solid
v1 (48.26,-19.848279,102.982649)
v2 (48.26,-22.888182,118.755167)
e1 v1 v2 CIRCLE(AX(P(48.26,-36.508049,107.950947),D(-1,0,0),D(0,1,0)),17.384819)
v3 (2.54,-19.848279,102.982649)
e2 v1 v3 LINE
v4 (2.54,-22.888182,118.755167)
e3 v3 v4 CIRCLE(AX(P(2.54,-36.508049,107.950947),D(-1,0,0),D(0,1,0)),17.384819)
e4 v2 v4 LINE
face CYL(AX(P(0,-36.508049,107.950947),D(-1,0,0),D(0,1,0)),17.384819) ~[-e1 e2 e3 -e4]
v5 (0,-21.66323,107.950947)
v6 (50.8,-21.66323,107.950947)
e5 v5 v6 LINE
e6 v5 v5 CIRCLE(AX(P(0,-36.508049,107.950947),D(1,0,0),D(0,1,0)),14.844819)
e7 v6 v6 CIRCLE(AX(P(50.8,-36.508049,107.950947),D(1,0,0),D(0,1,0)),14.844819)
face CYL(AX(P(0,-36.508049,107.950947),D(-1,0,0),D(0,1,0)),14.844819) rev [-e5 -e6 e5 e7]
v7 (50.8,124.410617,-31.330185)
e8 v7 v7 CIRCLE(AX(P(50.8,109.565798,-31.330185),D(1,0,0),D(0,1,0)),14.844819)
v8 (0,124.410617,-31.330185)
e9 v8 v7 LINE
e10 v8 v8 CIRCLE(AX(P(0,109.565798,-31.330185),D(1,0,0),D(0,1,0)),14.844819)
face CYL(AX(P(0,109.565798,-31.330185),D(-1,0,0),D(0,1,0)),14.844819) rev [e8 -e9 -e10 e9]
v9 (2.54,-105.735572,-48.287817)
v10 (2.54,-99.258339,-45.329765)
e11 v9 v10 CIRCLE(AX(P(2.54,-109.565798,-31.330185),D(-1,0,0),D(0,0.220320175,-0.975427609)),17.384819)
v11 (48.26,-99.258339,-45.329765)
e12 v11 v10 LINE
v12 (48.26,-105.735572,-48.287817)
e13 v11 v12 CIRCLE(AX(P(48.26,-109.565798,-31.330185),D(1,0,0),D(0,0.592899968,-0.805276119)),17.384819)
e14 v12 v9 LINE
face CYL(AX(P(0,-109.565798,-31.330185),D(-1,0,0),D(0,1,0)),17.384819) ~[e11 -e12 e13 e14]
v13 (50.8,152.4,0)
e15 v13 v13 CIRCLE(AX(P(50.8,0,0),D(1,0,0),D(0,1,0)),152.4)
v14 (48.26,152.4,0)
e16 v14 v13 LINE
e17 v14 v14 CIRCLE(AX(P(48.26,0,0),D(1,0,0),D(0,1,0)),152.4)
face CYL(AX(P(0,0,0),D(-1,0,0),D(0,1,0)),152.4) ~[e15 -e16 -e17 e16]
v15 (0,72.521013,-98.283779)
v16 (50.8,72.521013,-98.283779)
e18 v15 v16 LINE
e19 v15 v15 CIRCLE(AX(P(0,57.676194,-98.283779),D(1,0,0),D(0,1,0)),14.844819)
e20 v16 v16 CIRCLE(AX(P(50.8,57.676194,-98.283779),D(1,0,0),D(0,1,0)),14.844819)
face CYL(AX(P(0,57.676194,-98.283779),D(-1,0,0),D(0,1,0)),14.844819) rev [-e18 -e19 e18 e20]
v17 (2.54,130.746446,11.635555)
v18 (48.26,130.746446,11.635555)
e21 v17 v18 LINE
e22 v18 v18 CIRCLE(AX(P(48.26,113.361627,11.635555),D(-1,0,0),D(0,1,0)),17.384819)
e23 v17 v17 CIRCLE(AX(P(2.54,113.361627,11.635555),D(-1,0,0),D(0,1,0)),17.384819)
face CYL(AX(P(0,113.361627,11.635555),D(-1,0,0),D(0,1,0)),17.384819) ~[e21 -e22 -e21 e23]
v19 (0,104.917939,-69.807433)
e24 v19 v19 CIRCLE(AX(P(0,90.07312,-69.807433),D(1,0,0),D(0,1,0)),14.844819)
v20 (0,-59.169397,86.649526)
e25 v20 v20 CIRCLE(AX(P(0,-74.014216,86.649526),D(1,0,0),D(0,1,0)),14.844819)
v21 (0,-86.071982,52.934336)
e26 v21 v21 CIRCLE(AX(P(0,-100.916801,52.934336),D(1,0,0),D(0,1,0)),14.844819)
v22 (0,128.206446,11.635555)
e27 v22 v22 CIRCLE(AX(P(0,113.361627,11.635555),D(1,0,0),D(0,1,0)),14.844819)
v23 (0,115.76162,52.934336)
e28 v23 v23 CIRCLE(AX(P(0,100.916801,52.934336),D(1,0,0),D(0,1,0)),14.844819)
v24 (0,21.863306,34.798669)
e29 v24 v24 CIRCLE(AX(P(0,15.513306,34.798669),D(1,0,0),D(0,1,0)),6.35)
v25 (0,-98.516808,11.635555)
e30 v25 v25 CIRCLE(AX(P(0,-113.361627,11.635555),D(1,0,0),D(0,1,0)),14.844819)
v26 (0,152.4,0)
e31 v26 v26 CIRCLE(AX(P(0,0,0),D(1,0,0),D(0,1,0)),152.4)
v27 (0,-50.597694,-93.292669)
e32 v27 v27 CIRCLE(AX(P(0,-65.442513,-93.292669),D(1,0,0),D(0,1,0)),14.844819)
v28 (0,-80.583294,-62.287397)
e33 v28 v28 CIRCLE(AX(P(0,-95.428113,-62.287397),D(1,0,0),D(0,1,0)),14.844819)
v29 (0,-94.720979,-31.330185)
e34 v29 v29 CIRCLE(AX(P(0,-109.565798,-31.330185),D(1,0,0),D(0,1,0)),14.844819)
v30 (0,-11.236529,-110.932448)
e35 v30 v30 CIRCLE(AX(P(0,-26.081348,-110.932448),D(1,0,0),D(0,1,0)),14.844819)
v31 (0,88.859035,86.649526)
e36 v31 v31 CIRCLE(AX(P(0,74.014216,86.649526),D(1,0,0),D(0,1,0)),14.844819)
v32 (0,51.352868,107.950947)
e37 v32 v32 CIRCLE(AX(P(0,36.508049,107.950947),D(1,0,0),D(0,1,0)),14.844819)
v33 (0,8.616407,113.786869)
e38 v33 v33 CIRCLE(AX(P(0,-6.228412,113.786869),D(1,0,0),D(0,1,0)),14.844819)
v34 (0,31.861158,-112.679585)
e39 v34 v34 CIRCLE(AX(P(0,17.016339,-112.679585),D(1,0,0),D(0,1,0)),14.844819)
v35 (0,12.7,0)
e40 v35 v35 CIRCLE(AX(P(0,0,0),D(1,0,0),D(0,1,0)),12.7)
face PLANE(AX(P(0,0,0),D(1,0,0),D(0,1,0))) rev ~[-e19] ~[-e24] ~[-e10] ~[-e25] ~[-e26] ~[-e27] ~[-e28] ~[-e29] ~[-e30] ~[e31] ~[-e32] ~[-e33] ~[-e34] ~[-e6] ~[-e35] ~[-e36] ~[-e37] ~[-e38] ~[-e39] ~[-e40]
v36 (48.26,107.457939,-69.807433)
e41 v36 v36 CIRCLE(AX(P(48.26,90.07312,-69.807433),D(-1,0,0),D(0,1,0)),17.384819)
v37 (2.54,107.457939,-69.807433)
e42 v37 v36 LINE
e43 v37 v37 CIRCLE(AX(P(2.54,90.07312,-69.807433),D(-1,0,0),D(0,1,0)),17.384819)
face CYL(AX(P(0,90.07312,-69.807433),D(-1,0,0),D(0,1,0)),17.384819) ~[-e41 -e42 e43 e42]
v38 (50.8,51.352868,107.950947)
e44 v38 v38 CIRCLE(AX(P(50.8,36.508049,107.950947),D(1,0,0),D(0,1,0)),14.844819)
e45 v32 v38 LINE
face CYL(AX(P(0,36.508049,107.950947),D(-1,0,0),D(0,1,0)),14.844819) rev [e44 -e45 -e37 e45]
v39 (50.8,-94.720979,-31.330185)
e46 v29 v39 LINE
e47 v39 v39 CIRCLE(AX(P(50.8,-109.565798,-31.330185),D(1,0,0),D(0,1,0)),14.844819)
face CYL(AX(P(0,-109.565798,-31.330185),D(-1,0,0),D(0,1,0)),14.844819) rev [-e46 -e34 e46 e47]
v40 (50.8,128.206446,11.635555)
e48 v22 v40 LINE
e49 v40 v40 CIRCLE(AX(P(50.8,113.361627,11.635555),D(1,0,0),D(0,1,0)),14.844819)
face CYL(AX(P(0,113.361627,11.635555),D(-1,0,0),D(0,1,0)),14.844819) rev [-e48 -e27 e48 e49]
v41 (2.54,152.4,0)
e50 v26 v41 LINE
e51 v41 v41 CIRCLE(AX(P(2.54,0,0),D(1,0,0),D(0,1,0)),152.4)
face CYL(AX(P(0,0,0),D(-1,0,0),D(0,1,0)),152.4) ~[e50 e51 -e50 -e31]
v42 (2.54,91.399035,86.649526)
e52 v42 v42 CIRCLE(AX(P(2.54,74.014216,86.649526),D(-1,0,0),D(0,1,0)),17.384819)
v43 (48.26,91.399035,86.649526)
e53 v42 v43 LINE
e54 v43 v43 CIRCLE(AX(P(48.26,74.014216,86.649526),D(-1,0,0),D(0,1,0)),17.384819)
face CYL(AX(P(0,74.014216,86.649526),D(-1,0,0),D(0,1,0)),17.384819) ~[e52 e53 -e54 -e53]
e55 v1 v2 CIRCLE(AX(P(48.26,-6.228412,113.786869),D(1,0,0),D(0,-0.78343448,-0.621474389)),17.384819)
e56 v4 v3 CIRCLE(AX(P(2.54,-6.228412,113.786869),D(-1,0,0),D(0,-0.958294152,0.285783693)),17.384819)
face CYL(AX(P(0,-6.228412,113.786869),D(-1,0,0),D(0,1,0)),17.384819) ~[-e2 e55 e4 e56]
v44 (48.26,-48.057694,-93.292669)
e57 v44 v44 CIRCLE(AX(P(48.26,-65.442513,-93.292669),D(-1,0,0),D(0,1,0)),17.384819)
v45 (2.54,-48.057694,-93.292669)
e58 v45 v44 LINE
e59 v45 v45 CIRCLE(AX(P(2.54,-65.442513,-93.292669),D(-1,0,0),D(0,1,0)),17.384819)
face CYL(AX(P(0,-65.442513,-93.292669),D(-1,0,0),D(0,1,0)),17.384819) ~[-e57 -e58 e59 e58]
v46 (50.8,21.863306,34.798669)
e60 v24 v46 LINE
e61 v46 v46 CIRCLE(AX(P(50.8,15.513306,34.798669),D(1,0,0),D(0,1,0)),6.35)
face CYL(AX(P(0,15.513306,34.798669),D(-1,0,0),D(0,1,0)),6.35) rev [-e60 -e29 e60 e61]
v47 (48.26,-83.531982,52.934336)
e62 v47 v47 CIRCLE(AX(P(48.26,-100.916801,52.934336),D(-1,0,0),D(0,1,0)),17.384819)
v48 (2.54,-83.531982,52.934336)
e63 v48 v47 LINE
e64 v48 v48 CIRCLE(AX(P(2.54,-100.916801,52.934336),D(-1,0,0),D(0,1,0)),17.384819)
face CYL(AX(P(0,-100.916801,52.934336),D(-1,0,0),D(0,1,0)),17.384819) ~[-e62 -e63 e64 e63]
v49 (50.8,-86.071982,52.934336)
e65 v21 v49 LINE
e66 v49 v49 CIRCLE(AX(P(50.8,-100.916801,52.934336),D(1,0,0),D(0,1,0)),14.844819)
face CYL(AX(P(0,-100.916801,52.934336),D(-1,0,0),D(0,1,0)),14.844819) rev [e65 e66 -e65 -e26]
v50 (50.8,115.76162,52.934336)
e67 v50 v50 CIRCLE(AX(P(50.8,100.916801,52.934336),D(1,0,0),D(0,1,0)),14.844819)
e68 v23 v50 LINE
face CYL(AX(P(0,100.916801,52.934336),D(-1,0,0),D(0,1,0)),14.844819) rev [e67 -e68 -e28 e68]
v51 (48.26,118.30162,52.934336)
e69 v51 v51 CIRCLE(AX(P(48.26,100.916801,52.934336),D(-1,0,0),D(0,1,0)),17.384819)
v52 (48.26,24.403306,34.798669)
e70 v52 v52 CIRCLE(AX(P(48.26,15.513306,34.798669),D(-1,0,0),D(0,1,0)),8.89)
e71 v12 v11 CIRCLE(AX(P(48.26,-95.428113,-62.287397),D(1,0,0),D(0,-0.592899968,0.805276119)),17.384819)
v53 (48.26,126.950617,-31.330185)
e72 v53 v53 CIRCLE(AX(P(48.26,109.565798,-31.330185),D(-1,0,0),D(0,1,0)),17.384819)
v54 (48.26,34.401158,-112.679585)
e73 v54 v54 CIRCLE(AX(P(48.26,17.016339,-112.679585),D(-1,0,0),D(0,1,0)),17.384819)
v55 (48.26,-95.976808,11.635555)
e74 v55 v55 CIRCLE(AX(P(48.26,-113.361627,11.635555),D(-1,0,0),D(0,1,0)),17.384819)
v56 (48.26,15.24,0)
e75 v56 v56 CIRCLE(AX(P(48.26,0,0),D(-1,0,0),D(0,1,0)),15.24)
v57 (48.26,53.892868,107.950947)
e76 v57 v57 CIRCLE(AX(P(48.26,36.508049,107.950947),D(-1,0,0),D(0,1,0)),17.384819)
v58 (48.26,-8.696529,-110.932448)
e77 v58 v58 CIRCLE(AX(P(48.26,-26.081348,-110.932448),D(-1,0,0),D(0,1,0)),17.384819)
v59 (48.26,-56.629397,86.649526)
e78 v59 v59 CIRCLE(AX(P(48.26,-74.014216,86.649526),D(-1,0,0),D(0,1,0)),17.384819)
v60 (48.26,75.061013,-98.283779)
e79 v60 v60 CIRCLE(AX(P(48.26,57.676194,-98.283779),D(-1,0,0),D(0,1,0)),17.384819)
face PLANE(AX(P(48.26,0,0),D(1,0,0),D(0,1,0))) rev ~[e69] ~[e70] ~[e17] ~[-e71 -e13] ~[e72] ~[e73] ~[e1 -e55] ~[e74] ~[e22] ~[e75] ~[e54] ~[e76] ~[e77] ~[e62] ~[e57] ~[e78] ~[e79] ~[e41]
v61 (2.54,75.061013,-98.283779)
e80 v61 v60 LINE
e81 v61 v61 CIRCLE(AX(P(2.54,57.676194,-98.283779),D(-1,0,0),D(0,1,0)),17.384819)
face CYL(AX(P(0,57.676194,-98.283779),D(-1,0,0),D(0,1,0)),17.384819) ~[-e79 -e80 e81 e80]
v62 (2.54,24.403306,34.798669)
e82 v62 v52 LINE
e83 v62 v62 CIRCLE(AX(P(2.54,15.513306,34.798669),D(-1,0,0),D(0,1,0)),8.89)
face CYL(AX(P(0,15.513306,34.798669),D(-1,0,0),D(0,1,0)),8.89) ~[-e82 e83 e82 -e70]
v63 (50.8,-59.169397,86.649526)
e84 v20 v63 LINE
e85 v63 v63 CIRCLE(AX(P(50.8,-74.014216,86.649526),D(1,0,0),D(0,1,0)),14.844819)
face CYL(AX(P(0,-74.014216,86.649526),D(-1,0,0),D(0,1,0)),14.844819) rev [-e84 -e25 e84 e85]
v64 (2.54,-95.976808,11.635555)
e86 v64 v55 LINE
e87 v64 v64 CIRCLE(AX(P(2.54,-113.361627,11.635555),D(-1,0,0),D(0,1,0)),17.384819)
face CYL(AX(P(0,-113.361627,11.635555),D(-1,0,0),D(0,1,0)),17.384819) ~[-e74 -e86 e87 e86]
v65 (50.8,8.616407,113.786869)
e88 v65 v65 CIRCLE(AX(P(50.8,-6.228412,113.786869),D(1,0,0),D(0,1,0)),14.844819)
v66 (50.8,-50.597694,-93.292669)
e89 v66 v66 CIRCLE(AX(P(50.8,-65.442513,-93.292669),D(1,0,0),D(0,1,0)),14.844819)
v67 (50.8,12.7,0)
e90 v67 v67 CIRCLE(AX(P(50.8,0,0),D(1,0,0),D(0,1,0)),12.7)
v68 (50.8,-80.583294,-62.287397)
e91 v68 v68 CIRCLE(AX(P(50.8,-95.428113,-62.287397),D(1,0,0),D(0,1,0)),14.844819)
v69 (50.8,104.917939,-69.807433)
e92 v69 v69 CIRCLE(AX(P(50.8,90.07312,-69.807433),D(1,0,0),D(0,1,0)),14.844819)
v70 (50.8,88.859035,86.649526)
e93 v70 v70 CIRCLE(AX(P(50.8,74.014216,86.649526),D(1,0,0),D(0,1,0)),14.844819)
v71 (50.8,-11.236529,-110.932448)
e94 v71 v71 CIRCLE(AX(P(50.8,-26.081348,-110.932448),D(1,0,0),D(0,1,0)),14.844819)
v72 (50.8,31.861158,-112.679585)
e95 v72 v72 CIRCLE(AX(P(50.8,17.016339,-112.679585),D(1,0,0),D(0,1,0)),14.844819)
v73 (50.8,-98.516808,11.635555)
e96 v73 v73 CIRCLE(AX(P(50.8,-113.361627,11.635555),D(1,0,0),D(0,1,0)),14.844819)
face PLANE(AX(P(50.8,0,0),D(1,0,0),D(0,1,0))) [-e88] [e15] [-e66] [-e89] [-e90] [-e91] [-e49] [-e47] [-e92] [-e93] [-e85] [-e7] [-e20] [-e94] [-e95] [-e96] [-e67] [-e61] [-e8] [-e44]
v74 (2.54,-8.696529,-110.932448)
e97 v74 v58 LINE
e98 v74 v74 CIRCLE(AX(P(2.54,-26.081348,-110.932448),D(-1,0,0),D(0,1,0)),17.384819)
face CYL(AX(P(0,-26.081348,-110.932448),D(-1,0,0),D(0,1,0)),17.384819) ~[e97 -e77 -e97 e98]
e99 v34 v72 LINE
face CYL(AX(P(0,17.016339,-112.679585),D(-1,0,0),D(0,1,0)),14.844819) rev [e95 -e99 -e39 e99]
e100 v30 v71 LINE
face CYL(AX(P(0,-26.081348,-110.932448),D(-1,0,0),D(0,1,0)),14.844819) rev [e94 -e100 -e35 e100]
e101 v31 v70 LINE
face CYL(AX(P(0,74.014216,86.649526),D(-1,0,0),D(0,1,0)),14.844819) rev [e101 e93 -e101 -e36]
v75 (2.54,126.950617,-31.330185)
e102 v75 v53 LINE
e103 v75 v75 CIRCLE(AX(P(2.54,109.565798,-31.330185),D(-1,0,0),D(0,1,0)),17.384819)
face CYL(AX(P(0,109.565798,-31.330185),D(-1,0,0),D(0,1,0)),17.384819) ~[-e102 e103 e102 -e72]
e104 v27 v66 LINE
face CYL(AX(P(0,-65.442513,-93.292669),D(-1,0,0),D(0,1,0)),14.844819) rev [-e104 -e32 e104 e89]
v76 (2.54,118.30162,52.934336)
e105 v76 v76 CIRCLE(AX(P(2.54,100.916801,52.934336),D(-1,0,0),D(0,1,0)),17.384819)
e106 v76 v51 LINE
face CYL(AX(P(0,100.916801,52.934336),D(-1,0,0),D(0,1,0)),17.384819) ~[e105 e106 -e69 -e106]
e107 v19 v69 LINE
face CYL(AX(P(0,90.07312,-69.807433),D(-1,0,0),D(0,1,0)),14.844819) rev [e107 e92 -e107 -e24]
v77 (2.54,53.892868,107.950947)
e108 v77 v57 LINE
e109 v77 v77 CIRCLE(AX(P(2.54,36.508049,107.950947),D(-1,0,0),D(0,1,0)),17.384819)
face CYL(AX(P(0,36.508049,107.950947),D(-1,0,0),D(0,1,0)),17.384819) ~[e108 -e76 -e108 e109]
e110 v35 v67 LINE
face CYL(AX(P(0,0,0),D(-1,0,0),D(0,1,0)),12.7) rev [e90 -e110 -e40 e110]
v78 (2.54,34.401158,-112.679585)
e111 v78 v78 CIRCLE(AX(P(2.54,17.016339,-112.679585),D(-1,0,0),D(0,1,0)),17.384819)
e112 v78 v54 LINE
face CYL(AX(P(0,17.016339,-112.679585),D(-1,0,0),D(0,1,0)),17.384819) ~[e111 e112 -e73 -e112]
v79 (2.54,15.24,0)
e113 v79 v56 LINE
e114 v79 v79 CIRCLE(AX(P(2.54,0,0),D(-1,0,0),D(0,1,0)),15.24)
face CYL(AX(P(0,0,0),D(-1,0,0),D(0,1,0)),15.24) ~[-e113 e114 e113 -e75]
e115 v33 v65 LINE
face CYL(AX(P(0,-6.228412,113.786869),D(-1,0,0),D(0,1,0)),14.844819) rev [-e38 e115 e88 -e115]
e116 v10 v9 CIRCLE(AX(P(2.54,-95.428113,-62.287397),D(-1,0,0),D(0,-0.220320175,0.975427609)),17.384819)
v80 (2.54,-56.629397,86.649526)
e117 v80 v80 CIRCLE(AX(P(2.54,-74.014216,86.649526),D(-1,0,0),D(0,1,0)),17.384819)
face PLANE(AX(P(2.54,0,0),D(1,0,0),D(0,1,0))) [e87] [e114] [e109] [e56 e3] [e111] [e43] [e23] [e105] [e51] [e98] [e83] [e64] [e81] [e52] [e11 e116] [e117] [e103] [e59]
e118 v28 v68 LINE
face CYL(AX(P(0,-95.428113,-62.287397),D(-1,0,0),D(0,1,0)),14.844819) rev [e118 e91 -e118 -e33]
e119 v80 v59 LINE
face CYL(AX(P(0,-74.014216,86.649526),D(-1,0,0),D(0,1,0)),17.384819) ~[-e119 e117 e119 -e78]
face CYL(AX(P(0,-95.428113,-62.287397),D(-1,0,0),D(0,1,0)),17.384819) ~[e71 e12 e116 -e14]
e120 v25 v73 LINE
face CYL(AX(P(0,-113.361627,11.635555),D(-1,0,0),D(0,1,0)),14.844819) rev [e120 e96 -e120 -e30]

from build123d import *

# Parameters (mm, degrees)
F0_R     = 152.4
F0_R_2   = 14.844819
F0_R_3   = 12.7
F0_R_4   = 6.35
F1_DEPTH = 50.8
F2_T     = -2.54


with BuildPart() as f1:
    # F0 (on Right) → F1 (new body)
    with BuildSketch(Plane.YZ):
        Circle(F0_R)
        with Locations((-65.442513, -93.292669)):
            Circle(F0_R_2, mode=Mode.SUBTRACT)
        with Locations((-26.081348, -110.932448)):
            Circle(F0_R_2, mode=Mode.SUBTRACT)
        with Locations((-95.428113, -62.287397)):
            Circle(F0_R_2, mode=Mode.SUBTRACT)
        with Locations((-109.565798, -31.330185)):
            Circle(F0_R_2, mode=Mode.SUBTRACT)
        with Locations((17.016339, -112.679585)):
            Circle(F0_R_2, mode=Mode.SUBTRACT)
        with Locations((57.676194, -98.283779)):
            Circle(F0_R_2, mode=Mode.SUBTRACT)
        with Locations((90.07312, -69.807433)):
            Circle(F0_R_2, mode=Mode.SUBTRACT)
        with Locations((109.565798, -31.330185)):
            Circle(F0_R_2, mode=Mode.SUBTRACT)
        with Locations((-113.361627, 11.635555)):
            Circle(F0_R_2, mode=Mode.SUBTRACT)
        with Locations((-100.916801, 52.934336)):
            Circle(F0_R_2, mode=Mode.SUBTRACT)
        with Locations((-74.014216, 86.649526)):
            Circle(F0_R_2, mode=Mode.SUBTRACT)
        with Locations((-36.508049, 107.950947)):
            Circle(F0_R_2, mode=Mode.SUBTRACT)
        with Locations((-6.228412, 113.786869)):
            Circle(F0_R_2, mode=Mode.SUBTRACT)
        Circle(F0_R_3, mode=Mode.SUBTRACT)
        with Locations((15.513306, 34.798669)):
            Circle(F0_R_4, mode=Mode.SUBTRACT)
        with Locations((113.361627, 11.635555)):
            Circle(F0_R_2, mode=Mode.SUBTRACT)
        with Locations((100.916801, 52.934336)):
            Circle(F0_R_2, mode=Mode.SUBTRACT)
        with Locations((36.508049, 107.950947)):
            Circle(F0_R_2, mode=Mode.SUBTRACT)
        with Locations((74.014216, 86.649526)):
            Circle(F0_R_2, mode=Mode.SUBTRACT)
    extrude(amount=F1_DEPTH)

    # F2
    f2_openings = [f1.faces().sort_by_distance(p)[0] for p in [
        (25.4, -152.4, 0),
    ]]
    offset(amount=F2_T, openings=f2_openings)


solid = f1.part
